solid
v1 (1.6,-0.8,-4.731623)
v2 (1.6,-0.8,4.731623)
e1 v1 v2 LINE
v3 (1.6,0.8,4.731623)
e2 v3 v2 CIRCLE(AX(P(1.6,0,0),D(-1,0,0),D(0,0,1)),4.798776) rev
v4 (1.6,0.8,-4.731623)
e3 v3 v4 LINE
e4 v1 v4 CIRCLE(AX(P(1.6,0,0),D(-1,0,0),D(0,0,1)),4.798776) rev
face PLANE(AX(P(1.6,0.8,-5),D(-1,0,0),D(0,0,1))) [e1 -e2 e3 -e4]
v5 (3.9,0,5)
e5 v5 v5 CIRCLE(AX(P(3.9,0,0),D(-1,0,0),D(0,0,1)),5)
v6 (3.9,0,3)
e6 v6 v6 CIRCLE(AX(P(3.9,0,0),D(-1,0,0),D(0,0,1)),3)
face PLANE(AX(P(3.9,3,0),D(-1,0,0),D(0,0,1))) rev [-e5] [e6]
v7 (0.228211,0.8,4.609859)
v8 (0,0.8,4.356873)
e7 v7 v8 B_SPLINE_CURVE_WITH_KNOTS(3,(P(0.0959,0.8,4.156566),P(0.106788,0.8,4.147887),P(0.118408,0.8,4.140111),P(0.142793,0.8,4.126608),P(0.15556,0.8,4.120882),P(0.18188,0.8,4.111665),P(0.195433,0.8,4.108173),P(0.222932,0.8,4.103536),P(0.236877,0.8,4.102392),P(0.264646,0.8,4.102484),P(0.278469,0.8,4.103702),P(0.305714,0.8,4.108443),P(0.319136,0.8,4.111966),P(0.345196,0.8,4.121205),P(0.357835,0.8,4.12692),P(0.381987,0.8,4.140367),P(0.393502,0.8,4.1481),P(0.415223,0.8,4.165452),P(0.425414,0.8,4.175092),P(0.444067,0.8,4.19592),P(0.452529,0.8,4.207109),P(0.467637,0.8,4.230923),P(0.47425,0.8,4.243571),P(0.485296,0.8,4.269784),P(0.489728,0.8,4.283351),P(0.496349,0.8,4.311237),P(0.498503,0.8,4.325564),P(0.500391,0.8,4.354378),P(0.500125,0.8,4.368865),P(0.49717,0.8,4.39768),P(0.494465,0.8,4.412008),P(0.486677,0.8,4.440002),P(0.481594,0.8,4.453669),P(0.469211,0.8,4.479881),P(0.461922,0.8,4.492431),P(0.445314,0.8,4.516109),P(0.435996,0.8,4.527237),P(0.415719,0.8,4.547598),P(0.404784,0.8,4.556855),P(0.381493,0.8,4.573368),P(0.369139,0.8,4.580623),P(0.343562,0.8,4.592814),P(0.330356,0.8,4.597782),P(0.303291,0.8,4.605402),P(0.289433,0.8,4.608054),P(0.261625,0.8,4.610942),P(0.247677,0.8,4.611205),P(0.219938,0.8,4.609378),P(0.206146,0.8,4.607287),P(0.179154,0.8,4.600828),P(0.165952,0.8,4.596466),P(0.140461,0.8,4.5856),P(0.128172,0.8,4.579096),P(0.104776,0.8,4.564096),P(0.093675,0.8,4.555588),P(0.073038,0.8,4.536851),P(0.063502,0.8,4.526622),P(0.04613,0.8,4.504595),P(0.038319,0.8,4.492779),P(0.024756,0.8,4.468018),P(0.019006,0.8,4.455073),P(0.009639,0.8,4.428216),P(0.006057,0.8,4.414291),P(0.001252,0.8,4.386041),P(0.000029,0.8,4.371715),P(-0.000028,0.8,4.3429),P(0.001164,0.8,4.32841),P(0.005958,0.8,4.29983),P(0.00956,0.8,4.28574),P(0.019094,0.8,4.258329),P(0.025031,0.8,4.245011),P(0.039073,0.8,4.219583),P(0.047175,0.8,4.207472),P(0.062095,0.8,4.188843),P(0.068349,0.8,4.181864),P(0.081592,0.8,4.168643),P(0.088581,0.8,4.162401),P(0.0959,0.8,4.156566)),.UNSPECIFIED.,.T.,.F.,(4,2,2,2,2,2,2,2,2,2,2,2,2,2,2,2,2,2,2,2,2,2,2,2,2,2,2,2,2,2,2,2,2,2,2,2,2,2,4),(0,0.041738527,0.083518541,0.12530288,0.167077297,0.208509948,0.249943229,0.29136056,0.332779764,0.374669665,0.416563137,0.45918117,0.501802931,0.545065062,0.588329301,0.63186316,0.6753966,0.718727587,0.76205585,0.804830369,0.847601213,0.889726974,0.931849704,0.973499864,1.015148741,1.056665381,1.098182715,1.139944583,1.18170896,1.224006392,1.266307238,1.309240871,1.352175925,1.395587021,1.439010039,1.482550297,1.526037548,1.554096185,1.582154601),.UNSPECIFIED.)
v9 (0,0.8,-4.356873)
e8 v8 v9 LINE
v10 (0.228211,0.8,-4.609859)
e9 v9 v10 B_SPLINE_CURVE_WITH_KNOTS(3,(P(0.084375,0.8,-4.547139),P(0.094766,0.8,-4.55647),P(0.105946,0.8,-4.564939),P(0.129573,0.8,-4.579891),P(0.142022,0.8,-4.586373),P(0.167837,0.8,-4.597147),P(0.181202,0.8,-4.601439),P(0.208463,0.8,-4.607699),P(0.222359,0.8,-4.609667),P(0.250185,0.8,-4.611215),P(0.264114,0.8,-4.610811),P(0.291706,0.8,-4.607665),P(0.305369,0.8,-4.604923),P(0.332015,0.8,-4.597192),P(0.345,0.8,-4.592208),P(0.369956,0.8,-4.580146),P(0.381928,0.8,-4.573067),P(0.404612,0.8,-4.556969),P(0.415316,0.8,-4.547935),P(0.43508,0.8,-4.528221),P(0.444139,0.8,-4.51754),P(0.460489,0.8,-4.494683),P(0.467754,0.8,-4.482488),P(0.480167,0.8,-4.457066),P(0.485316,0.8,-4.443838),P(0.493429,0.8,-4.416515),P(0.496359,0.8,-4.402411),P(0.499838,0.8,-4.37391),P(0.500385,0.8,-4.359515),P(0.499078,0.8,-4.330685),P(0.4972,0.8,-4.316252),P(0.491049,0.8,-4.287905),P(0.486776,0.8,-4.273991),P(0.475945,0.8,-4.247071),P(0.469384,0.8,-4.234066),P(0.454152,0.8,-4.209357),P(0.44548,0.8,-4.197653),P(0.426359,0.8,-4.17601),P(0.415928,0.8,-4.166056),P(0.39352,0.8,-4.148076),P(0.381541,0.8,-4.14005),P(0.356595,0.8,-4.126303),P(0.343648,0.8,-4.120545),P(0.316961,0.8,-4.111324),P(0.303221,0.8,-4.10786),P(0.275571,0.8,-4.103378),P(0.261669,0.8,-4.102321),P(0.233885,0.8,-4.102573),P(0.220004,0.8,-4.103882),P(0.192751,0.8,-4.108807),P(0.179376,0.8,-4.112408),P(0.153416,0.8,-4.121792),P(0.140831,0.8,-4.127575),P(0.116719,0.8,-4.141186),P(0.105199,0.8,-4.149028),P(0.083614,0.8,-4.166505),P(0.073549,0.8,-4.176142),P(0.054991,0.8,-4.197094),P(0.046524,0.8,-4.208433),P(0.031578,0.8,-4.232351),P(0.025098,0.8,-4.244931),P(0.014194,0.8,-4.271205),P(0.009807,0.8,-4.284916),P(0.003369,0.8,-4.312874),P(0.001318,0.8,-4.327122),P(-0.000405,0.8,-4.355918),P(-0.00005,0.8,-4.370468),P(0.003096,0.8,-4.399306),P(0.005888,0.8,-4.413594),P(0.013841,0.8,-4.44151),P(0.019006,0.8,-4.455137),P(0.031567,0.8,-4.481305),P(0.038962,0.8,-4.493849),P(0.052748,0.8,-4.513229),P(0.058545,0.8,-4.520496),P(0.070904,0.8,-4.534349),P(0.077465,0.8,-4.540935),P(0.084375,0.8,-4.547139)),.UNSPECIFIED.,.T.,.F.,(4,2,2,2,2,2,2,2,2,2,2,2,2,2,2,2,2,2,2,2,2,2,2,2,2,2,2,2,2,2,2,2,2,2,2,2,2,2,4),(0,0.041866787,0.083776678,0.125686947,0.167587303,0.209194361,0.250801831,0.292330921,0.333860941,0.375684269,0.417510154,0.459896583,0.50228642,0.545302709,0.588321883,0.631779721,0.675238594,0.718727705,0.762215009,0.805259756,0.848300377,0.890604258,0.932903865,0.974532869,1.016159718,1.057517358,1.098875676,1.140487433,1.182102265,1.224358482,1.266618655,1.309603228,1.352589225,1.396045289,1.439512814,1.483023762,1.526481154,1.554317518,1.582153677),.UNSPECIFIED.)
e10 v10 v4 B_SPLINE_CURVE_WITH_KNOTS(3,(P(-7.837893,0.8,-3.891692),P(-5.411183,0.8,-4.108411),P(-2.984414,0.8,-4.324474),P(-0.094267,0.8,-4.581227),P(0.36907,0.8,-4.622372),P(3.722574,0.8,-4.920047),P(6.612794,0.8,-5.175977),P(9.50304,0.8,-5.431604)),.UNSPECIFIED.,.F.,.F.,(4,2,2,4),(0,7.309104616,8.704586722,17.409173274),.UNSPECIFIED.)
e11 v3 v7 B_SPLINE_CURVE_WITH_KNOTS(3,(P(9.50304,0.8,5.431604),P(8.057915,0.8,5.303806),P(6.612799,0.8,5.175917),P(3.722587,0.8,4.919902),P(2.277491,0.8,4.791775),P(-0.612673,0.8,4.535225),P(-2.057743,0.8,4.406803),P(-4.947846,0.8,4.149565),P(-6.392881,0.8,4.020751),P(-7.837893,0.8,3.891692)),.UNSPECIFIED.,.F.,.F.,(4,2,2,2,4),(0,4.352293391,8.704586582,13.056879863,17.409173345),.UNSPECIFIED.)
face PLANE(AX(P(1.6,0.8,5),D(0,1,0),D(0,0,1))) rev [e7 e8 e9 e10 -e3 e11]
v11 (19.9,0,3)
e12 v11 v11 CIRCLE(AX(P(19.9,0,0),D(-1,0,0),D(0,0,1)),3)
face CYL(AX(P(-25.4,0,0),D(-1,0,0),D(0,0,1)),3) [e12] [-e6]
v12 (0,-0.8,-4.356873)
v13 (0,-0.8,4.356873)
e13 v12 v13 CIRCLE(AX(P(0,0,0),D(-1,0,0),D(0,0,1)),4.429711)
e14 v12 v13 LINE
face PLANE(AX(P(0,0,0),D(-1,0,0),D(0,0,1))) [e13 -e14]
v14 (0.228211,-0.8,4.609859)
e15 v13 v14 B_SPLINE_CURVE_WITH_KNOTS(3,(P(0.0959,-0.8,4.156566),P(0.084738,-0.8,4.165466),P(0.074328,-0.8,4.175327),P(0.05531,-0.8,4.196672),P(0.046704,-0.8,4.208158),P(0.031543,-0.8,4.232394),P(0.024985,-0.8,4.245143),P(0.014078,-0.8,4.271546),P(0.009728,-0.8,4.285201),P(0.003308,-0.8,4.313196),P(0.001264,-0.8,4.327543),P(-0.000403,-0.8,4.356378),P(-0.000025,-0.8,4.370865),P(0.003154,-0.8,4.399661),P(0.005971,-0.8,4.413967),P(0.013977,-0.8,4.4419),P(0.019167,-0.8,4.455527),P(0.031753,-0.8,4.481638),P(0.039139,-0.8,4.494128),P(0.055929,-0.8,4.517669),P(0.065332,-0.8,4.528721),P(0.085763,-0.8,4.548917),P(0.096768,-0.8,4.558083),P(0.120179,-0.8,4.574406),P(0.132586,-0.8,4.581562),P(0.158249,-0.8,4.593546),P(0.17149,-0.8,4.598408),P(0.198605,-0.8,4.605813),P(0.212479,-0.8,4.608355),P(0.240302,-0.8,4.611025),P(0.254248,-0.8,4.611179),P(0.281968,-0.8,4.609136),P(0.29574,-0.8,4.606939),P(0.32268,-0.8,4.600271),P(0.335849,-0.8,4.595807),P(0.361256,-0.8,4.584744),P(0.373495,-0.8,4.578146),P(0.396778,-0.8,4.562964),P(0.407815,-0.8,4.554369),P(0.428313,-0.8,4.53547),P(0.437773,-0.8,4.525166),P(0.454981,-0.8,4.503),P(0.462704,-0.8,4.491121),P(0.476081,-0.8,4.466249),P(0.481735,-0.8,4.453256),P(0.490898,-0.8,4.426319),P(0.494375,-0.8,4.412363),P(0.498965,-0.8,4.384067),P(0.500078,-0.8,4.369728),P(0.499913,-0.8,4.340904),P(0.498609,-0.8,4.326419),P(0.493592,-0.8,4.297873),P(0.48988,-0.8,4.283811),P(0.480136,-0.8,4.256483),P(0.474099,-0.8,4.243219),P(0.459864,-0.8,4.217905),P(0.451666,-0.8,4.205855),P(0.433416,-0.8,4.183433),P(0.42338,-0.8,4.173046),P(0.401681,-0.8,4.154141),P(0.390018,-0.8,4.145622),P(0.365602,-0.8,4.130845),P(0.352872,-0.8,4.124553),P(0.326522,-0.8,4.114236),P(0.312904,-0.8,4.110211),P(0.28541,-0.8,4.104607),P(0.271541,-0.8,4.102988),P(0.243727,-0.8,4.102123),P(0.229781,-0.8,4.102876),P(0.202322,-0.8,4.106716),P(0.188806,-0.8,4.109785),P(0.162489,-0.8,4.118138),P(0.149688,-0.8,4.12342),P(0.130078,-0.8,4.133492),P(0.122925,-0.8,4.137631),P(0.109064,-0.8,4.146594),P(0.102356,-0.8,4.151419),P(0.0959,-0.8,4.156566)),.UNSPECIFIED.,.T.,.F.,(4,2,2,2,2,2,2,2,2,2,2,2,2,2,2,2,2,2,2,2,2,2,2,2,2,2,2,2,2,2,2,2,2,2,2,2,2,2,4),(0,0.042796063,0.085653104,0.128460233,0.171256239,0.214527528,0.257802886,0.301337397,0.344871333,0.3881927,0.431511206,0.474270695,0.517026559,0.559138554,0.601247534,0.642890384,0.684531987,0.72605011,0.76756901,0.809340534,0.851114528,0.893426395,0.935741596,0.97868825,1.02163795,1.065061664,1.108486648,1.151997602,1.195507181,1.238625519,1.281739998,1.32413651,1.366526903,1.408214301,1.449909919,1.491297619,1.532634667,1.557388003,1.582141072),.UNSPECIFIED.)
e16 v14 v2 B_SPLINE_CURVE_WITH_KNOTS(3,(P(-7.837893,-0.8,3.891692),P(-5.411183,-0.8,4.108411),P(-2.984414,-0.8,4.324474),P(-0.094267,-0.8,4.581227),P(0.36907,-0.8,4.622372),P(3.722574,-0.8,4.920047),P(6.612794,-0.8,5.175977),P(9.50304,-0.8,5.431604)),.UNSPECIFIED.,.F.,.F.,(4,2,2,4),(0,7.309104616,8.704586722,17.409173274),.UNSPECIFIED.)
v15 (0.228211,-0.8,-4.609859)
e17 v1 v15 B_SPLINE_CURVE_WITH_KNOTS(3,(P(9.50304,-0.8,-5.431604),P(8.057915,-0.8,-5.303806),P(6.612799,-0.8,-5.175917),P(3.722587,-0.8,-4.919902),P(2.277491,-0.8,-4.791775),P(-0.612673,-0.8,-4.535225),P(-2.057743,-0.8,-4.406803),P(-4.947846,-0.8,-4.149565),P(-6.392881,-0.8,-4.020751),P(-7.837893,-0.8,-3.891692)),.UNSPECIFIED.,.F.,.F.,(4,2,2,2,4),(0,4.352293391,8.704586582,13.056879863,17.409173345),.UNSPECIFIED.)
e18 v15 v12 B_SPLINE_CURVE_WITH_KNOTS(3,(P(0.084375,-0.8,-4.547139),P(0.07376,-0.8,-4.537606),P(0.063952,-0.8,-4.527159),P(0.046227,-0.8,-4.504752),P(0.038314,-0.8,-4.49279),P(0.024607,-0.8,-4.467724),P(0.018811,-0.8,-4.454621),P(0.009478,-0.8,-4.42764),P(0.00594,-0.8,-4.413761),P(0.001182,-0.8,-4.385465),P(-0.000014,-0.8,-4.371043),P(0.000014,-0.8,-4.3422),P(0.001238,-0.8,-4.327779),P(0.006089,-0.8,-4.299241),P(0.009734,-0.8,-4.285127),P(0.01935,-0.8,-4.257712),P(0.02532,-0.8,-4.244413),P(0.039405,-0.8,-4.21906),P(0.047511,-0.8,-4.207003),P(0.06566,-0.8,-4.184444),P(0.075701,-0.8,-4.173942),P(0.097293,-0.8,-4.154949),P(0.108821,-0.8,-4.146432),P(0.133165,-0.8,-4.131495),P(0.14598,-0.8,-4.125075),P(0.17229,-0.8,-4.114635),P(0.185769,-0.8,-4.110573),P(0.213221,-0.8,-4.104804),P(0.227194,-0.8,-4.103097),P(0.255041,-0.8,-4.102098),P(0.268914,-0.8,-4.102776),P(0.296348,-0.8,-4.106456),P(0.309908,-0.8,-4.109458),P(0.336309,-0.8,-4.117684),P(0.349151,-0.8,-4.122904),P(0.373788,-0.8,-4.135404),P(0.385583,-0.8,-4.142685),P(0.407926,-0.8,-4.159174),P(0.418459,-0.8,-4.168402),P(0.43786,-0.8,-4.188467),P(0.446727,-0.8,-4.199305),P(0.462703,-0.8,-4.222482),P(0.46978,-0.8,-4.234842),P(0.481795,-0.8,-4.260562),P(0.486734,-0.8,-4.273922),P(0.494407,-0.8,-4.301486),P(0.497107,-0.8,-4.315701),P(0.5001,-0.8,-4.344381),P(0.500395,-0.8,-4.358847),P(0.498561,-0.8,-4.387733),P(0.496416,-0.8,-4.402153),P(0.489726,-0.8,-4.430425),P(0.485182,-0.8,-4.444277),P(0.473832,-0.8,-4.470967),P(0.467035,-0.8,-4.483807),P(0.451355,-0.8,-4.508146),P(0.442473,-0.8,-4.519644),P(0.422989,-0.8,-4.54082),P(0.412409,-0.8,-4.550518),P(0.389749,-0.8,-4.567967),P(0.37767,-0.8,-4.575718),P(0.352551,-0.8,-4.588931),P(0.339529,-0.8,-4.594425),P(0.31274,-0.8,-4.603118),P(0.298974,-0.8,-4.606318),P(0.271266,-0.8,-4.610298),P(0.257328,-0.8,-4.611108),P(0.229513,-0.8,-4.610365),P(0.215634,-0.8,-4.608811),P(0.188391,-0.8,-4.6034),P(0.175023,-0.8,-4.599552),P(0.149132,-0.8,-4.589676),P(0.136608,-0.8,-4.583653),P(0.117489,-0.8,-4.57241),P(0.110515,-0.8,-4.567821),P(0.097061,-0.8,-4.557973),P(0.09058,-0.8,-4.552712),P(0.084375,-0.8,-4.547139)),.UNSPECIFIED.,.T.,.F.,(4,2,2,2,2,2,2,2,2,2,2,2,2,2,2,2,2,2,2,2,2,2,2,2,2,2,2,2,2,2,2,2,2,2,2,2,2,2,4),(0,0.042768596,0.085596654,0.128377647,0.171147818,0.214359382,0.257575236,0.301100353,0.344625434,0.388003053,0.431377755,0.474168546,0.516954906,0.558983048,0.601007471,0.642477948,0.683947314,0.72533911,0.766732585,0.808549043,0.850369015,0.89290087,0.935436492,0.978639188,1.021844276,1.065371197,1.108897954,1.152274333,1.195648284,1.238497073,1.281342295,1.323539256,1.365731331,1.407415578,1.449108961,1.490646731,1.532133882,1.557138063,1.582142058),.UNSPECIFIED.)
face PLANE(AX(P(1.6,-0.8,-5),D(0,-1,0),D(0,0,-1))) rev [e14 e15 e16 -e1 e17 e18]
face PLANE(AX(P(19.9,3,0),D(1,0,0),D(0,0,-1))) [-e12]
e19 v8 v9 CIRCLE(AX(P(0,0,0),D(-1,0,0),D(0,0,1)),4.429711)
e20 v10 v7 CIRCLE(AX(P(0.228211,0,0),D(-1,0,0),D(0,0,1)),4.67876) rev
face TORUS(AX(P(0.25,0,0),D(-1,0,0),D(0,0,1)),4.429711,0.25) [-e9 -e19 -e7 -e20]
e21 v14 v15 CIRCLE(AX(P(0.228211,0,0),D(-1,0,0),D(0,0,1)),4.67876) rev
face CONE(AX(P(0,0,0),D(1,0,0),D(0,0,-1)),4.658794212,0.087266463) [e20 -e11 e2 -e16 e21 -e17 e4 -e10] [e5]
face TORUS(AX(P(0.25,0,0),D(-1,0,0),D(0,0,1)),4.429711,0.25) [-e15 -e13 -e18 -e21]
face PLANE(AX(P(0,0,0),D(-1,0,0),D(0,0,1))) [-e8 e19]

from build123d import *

# Parameters (mm, degrees)
FILLET2_R  = 0.25
SKETCH2_W  = 10
SKETCH2_H  = 1.6
SLOT_DEPTH = 1.6


with BuildPart() as part:
    # BodySke → Base-Revolve (revolve)
    with BuildSketch(Plane.XY, mode=Mode.PRIVATE) as base_revolve_sk:
        Polygon((3.9, 3), (3.9, 5), (0, 4.658794212), (0, 0), (19.9, 0), (19.9, 3), align=None)
    revolve(base_revolve_sk.sketch.rotate(Axis((-25.4, 0, 0), (1, 0, 0)), 90), axis=Axis((-25.4, 0, 0), (1, 0, 0)))

    # Fillet2
    fillet2_edges = [part.edges().sort_by_distance(p)[0] for p in [
        (0, 0, -4.658794212),
    ]]
    fillet(fillet2_edges, radius=FILLET2_R)

    # Sketch2 → Slot (cut)
    with BuildSketch(Plane(origin=(0, 0, 0), x_dir=(0, 0, -1), z_dir=(1, 0, 0))):
        Rectangle(SKETCH2_W, SKETCH2_H)
    extrude(amount=SLOT_DEPTH, mode=Mode.SUBTRACT)


solid = part.part
